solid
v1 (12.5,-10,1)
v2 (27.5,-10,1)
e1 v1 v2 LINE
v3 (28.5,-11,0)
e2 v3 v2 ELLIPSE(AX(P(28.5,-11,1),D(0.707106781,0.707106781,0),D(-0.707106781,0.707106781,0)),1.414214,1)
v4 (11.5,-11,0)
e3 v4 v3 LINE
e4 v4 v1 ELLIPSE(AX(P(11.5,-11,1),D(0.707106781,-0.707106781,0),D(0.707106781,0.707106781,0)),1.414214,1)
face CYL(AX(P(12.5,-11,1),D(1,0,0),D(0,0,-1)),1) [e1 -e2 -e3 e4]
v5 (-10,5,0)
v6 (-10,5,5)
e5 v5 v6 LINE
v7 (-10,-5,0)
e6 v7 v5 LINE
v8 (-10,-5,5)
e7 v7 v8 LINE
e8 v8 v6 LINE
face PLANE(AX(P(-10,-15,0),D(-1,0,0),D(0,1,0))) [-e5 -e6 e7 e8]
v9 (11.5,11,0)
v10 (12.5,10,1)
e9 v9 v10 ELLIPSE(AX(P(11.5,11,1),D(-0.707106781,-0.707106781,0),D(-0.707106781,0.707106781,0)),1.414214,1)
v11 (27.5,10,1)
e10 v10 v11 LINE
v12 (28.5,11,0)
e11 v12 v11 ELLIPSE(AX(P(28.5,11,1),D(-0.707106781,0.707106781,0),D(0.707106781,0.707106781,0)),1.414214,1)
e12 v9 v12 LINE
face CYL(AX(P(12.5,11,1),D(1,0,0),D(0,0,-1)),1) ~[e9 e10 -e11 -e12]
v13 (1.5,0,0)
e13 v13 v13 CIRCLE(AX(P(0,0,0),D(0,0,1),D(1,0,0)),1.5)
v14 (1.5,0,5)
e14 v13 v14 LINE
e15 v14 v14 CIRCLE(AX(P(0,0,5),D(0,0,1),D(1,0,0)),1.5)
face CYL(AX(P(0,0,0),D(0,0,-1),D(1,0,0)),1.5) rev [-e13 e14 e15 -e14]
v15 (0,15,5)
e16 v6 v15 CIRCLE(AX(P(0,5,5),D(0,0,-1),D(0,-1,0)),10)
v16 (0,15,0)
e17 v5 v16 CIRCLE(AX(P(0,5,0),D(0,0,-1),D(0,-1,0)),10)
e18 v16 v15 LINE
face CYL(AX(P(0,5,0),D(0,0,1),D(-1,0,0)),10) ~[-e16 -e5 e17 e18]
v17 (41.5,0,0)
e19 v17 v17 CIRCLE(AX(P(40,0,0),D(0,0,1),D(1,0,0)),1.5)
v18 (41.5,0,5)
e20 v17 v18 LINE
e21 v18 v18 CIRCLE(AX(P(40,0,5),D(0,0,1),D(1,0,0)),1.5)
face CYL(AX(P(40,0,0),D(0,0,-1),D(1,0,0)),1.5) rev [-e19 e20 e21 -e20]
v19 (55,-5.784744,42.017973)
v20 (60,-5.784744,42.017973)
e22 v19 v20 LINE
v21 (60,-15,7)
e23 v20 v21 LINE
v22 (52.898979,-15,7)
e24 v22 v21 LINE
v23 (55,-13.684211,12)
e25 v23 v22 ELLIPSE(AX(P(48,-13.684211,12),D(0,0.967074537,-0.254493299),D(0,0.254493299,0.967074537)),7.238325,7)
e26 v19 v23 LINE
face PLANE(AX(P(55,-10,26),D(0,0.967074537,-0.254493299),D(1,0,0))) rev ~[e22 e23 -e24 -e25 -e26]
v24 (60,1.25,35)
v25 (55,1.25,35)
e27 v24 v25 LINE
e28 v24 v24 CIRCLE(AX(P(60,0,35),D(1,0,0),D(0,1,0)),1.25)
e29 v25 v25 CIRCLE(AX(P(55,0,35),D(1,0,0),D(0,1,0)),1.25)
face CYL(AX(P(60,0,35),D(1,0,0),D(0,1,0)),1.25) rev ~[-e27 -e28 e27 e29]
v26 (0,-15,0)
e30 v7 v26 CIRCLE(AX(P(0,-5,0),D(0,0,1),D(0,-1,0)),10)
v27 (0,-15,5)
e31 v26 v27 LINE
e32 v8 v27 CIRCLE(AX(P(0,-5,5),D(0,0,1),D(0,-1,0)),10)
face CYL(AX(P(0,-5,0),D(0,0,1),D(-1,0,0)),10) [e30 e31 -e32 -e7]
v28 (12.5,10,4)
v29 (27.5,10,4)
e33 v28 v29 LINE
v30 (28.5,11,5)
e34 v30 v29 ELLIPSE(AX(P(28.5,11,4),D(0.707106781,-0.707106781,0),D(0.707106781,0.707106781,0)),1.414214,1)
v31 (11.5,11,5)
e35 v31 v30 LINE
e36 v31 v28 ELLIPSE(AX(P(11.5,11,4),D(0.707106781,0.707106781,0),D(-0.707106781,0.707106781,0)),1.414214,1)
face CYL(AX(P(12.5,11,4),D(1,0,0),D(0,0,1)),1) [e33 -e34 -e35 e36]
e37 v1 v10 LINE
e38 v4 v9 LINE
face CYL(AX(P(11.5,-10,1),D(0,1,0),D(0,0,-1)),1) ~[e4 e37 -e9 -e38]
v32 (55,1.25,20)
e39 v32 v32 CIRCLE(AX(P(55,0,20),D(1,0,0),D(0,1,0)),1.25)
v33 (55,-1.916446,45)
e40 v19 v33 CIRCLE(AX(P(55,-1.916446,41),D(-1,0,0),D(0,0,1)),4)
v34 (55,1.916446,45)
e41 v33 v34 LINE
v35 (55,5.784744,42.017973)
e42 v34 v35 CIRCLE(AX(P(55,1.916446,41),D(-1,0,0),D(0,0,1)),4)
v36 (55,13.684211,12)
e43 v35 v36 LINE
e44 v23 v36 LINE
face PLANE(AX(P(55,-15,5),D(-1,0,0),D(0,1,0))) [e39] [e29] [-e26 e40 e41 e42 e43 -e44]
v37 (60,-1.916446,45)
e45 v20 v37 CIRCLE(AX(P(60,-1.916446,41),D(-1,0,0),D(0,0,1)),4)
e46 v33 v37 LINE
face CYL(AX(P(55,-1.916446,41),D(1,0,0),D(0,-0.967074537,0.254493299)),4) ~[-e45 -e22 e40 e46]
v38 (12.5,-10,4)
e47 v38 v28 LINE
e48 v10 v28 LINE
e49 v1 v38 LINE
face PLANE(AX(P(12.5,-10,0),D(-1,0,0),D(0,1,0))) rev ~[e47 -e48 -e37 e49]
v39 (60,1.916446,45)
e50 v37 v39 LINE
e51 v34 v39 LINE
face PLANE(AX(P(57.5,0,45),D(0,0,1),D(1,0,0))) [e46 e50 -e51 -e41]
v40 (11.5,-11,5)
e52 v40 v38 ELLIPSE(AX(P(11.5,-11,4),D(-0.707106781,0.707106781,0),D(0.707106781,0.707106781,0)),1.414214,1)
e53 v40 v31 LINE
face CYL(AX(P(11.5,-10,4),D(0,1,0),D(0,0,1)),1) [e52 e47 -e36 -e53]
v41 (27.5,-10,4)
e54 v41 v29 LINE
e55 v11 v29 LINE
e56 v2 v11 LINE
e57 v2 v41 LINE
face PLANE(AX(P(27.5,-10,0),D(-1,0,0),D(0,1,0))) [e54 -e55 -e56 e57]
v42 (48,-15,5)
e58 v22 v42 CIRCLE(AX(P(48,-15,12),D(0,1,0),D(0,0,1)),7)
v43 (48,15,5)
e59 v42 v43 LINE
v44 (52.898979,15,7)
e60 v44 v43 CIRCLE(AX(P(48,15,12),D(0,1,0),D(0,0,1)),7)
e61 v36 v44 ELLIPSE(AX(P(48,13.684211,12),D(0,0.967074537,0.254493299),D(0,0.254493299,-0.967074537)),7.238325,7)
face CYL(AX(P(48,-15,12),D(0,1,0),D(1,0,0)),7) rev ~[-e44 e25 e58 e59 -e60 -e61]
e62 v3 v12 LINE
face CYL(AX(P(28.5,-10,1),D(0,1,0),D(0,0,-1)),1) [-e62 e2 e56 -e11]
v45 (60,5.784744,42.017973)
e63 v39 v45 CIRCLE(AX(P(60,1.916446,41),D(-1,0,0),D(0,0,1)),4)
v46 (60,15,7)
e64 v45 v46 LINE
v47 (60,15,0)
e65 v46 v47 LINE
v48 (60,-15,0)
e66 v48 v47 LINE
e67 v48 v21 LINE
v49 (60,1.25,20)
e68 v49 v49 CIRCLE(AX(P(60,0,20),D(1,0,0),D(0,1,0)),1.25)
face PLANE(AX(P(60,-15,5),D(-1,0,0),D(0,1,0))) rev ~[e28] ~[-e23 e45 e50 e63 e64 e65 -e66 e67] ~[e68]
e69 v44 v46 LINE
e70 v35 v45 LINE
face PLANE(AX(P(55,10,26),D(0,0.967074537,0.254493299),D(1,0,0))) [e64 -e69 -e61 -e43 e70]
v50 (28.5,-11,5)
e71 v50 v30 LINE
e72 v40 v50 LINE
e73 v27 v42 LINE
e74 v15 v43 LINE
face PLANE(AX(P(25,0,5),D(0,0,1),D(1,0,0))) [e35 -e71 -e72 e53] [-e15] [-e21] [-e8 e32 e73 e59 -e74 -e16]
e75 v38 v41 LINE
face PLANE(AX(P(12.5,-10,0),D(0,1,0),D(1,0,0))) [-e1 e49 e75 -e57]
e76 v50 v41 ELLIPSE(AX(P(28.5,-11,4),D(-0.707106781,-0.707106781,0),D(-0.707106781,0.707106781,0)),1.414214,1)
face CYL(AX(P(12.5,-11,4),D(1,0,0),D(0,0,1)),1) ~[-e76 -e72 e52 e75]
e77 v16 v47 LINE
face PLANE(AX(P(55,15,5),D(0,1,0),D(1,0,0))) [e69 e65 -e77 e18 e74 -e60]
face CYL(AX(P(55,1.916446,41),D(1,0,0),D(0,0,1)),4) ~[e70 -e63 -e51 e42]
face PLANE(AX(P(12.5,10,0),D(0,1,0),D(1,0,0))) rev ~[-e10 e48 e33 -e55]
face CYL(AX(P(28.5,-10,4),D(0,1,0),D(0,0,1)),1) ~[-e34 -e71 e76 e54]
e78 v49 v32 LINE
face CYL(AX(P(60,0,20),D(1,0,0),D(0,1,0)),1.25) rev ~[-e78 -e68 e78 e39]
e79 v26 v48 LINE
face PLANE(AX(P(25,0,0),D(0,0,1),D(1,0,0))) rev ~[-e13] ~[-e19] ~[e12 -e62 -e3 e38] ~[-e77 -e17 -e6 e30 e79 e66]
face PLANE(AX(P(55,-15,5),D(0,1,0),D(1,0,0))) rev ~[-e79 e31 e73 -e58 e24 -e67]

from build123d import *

# Parameters (mm, degrees)
SKETCH_W      = 70
SKETCH_H      = 30
SKETCH_R      = 1.5
SKETCH_W_2    = 15
SKETCH_H_2    = 20
PAD_DEPTH     = 5
FILLET_R      = 10
FILLET001_R   = 1
SKETCH001_W   = 5
SKETCH001_H   = 30
PAD001_DEPTH  = 40
CHAMFER_SIZE2 = 38
CHAMFER_SIZE  = 10
FILLET002_R   = 7
SKETCH002_R   = 1.25
POCKET_DEPTH  = 70.001
FILLET003_R   = 4


with BuildPart() as part:
    # Sketch → Pad (new body)
    with BuildSketch(Plane.XY):
        with Locations((25, 0)):
            Rectangle(SKETCH_W, SKETCH_H)
        Circle(SKETCH_R, mode=Mode.SUBTRACT)
        with Locations((40, 0)):
            Circle(SKETCH_R, mode=Mode.SUBTRACT)
        with Locations((20, 0)):
            Rectangle(SKETCH_W_2, SKETCH_H_2, mode=Mode.SUBTRACT)
    extrude(amount=PAD_DEPTH)

    # Fillet
    fillet_edges = [part.edges().sort_by_distance(p)[0] for p in [
        (-10, 15, 2.5),
        (-10, -15, 2.5),
    ]]
    fillet(fillet_edges, radius=FILLET_R)

    # Fillet001
    fillet001_edges = [part.edges().sort_by_distance(p)[0] for p in [
        (12.5, 0, 5),
        (12.5, 0, 0),
        (20, 10, 0),
        (20, 10, 5),
        (27.5, 0, 5),
        (20, -10, 5),
        (27.5, 0, 0),
        (20, -10, 0),
    ]]
    fillet(fillet001_edges, radius=FILLET001_R)

    # Sketch001 (on Face18 of Fillet001) → Pad001 (join)
    with BuildSketch(Plane.XY.offset(5)):
        with Locations((57.5, 0)):
            Rectangle(SKETCH001_W, SKETCH001_H)
    extrude(amount=PAD001_DEPTH)

    # Chamfer
    chamfer_edges = [part.edges().sort_by_distance(p)[0] for p in [
        (57.5, -15, 45),
        (57.5, 15, 45),
    ]]
    chamfer_side = part.faces().sort_by_distance((57.5, 0, 45))[0]
    chamfer(chamfer_edges, length=CHAMFER_SIZE, length2=CHAMFER_SIZE2, reference=chamfer_side)

    # Fillet002
    fillet002_edges = [part.edges().sort_by_distance(p)[0] for p in [
        (55, 0, 5),
    ]]
    fillet(fillet002_edges, radius=FILLET002_R)

    # Sketch002 (on Face7 of Fillet002) → Pocket (cut, through all)
    with BuildSketch(Plane.YZ.offset(60)):
        with Locations((0, 35)):
            Circle(SKETCH002_R)
        with Locations((0, 20)):
            Circle(SKETCH002_R)
    extrude(amount=-POCKET_DEPTH, mode=Mode.SUBTRACT)

    # Fillet003
    fillet003_edges = [part.edges().sort_by_distance(p)[0] for p in [
        (57.5, 5, 45),
        (57.5, -5, 45),
    ]]
    fillet(fillet003_edges, radius=FILLET003_R)


solid = part.part
